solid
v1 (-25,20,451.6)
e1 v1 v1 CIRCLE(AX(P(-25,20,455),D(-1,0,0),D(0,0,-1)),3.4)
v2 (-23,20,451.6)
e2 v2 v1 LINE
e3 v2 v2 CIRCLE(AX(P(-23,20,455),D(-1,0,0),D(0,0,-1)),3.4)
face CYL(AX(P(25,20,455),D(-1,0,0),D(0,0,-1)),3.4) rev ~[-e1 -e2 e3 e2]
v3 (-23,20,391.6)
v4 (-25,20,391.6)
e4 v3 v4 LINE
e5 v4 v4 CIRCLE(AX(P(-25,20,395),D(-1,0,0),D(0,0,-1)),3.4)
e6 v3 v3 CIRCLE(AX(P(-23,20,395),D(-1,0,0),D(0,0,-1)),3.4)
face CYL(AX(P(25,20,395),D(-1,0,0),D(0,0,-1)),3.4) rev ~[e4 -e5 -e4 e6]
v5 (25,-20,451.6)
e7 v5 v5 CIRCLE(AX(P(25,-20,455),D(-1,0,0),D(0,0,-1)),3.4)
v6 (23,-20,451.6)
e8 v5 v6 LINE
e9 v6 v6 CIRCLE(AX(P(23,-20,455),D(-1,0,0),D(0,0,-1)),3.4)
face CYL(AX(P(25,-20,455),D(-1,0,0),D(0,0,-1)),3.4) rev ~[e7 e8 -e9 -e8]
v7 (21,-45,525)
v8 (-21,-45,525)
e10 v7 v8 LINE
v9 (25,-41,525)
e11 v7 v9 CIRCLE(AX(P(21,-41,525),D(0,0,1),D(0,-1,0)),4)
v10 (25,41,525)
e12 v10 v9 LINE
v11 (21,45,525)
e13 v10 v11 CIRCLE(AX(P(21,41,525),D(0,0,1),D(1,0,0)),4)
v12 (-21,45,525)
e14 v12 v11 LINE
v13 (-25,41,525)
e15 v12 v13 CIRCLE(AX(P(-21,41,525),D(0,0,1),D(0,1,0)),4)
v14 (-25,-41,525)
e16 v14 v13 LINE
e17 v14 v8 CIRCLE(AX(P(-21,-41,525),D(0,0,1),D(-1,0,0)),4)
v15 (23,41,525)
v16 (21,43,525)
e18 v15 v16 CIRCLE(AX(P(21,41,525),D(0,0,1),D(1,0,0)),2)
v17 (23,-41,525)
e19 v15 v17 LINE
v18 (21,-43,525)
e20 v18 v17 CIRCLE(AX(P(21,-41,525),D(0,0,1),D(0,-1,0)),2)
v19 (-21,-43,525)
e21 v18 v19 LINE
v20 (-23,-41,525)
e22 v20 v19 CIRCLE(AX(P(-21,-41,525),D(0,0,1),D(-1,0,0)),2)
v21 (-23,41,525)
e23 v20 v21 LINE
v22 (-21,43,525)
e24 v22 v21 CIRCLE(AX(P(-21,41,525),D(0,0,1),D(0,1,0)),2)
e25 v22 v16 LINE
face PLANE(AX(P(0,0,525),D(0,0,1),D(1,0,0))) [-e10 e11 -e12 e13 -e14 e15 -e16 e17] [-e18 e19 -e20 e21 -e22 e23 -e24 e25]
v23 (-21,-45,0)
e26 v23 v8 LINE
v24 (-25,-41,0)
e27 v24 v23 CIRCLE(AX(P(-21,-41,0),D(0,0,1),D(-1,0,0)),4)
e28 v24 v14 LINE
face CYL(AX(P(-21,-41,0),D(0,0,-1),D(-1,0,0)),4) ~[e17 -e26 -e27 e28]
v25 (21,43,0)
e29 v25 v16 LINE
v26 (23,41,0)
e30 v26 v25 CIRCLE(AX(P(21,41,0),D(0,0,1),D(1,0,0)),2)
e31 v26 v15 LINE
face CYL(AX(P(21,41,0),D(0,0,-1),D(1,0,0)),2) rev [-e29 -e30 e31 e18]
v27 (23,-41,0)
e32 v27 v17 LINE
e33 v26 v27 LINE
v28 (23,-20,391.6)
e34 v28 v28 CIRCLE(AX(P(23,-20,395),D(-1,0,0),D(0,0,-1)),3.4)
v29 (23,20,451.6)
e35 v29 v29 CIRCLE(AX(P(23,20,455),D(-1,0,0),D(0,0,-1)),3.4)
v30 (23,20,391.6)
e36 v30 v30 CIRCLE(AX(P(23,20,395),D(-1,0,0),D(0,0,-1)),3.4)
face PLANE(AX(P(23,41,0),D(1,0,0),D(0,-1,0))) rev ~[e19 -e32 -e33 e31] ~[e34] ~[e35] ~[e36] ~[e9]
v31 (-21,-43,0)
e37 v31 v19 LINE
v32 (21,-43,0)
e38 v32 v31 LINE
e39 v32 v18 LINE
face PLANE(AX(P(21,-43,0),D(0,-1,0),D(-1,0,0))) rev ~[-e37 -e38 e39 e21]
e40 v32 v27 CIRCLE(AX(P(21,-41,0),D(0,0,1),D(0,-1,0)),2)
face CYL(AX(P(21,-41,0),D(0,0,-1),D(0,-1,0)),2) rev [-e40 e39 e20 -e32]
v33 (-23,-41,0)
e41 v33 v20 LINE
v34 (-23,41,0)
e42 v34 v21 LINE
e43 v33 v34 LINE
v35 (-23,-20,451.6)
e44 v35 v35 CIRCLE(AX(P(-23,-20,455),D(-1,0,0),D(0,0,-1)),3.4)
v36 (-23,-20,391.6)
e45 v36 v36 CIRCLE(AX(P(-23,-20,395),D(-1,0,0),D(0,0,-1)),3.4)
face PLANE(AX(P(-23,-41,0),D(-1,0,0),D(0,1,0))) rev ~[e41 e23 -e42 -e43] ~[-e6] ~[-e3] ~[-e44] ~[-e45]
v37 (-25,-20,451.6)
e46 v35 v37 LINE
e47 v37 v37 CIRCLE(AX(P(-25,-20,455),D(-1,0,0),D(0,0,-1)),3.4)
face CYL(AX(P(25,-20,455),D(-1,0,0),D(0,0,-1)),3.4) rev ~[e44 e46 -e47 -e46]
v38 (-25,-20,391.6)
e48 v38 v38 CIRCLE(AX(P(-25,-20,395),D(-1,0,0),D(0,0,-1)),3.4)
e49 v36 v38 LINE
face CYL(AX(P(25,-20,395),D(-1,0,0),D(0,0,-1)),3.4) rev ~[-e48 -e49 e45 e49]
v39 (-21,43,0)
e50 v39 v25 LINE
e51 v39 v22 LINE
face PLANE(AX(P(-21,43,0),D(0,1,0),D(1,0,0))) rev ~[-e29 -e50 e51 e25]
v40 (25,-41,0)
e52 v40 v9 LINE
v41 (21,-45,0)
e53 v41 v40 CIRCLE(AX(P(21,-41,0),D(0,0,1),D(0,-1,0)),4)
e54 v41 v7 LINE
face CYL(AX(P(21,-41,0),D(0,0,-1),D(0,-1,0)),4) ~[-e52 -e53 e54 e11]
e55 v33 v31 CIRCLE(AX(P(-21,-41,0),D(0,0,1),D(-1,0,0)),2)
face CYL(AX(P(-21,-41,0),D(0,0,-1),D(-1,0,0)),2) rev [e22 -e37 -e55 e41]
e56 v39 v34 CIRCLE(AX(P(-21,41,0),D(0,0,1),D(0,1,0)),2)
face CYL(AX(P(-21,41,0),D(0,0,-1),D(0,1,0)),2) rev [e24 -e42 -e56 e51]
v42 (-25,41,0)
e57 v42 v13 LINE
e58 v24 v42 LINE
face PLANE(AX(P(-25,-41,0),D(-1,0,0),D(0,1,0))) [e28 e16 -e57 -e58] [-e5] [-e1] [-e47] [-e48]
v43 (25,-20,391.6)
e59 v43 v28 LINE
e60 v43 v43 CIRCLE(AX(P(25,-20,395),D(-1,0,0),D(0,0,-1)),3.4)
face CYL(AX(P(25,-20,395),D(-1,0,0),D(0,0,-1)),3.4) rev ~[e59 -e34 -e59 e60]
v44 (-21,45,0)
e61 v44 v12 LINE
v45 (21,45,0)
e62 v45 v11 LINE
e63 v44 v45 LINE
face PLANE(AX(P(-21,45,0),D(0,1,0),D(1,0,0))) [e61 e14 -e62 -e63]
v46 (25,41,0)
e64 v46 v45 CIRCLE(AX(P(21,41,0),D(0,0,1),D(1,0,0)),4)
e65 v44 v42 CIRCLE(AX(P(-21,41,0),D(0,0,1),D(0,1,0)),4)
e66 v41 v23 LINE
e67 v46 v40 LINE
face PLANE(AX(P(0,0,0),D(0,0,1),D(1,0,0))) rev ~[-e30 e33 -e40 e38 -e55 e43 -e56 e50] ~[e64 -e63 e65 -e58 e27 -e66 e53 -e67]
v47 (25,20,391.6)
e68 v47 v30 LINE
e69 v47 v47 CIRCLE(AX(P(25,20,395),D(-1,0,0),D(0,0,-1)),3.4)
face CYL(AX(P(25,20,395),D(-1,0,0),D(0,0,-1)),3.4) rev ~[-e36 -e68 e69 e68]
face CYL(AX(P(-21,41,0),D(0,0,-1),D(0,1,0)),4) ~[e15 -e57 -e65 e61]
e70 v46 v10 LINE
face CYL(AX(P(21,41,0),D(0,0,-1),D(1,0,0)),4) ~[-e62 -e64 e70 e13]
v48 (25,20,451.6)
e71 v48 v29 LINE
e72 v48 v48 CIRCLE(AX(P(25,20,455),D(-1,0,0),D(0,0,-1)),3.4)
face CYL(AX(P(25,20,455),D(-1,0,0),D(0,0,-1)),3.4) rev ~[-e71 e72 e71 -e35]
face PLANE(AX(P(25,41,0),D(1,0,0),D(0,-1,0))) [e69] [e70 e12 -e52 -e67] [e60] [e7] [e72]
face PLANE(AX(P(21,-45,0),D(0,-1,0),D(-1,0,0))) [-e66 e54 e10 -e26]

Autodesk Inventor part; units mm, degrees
ref_plane "Start Plane" through (0, 0, 0) normal (0, 0, 1) x (1, 0, 0)
ref_plane "End Plane" through (0, 0, 525) normal (0, 0, 1) x (1, 0, 0)
sketch "Sketch" plane through (0, 0, 0) normal (0, 0, 1) x (1, 0, 0)
  line L0 (-25, -41) -> (-25, 41)
  line L1 (-21, 45) -> (21, 45)
  line L2 (25, 41) -> (25, -41)
  line L3 (21, -45) -> (-21, -45)
  arc A0 (-25, -41) -> (-21, -45) centre (-21, -41) ccw
  arc A1 (25, 41) -> (21, 45) centre (21, 41) ccw
  arc A2 (-21, 45) -> (-25, 41) centre (-21, 41) ccw
  arc A3 (21, -45) -> (25, -41) centre (21, -41) ccw
  arc A4 (-21, 43) -> (-23, 41) centre (-21, 41) ccw
  line L4 (-21, 43) -> (21, 43)
  arc A5 (23, 41) -> (21, 43) centre (21, 41) ccw
  line L5 (23, 41) -> (23, -41)
  arc A6 (21, -43) -> (23, -41) centre (21, -41) ccw
  line L6 (21, -43) -> (-21, -43)
  arc A7 (-23, -41) -> (-21, -43) centre (-21, -41) ccw
  line L7 (-23, -41) -> (-23, 41)
  line L8 (0, 64.1598) -> (0, -64.1598) construction
  line L9 (-36.1598, 0) -> (36.1598, 0) construction
  dimension "d7" = 4
  dimension "d9" = 50
  dimension "d11" = 90
  dimension "d12" = 2
  dimension "d15" = 25
  dimension "d16" = 45
extrude "Body" add sketch "Sketch" along normal up to surface (525 mm away) from surface at 0
sketch "Sketch3" plane through (0, 0, 0) normal (0, 0, 1) x (1, 0, 0)
  line L0 (0, 0) -> (10, 0)
ref_plane "Work Plane3" through (0, 0, 0) normal (0, -1, 0) x (1, 0, 0)
sketch "Sketch4" plane through (0, 0, 0) normal (0, -1, 0) x (1, 0, 0)
  line L0 (-2, 0) -> (12, 0)
  line L1 (-2, 525) -> (12, 525)
  dimension "d18" = 525
ref_plane "Work Plane4" through (-21, -20, 525) normal (0, 0, 1) x (1, 0, 0)
split "Split1" plane through (-21, -20, 525) removes the side toward (0, 0, 1)
sketch "Sketch5" plane through (25, -41, 525) normal (1, 0, 0) x (0, 0, -1)
  line L0 (0, 82) -> (0, 0) projected
  line L1 (70, 61) -> (130, 61)
  line L2 (130, 61) -> (130, 21)
  line L3 (130, 21) -> (70, 21)
  line L4 (70, 21) -> (70, 61)
  line L5 (0, 0) -> (0, 82) projected
  line L6 (0, 41) -> (11.202, 41)
  point P0 (525, 41)
  dimension "d19" = 60
  dimension "d20" = 40
  dimension "d21" = 70
hole "Hole1" at (25, 20, 455) at (25, -20, 455) at (25, -20, 395) at (25, 20, 395) direction (-1, 0, 0) diameter 6.8 end through all
equation "\"d7\" = G_IR"
equation "\"d9\" = G_W"
equation "\"d11\" = G_H"
equation "\"d12\" = G_T"
equation "\"d15\" = 0.5 * d9"
equation "\"d16\" = 0.5 * d11"
equation "\"d3\" = G_L"
equation "\"G_W\" = 50"
equation "\"G_H\" = 90"
equation "\"G_T\" = 2"
equation "\"G_IR\" = 4"
equation "\"G_L\" = d18"
equation "\"G_OFFSET_START\" = 0"
equation "\"G_OFFSET_END\" = -25"
equation "\"d14\" = G_OFFSET_END + B_L"
equation "\"B_L\" = 550"
properties part number "ISO 10799-2 - 90x50x2 - 525" material "Steel, Mild"
